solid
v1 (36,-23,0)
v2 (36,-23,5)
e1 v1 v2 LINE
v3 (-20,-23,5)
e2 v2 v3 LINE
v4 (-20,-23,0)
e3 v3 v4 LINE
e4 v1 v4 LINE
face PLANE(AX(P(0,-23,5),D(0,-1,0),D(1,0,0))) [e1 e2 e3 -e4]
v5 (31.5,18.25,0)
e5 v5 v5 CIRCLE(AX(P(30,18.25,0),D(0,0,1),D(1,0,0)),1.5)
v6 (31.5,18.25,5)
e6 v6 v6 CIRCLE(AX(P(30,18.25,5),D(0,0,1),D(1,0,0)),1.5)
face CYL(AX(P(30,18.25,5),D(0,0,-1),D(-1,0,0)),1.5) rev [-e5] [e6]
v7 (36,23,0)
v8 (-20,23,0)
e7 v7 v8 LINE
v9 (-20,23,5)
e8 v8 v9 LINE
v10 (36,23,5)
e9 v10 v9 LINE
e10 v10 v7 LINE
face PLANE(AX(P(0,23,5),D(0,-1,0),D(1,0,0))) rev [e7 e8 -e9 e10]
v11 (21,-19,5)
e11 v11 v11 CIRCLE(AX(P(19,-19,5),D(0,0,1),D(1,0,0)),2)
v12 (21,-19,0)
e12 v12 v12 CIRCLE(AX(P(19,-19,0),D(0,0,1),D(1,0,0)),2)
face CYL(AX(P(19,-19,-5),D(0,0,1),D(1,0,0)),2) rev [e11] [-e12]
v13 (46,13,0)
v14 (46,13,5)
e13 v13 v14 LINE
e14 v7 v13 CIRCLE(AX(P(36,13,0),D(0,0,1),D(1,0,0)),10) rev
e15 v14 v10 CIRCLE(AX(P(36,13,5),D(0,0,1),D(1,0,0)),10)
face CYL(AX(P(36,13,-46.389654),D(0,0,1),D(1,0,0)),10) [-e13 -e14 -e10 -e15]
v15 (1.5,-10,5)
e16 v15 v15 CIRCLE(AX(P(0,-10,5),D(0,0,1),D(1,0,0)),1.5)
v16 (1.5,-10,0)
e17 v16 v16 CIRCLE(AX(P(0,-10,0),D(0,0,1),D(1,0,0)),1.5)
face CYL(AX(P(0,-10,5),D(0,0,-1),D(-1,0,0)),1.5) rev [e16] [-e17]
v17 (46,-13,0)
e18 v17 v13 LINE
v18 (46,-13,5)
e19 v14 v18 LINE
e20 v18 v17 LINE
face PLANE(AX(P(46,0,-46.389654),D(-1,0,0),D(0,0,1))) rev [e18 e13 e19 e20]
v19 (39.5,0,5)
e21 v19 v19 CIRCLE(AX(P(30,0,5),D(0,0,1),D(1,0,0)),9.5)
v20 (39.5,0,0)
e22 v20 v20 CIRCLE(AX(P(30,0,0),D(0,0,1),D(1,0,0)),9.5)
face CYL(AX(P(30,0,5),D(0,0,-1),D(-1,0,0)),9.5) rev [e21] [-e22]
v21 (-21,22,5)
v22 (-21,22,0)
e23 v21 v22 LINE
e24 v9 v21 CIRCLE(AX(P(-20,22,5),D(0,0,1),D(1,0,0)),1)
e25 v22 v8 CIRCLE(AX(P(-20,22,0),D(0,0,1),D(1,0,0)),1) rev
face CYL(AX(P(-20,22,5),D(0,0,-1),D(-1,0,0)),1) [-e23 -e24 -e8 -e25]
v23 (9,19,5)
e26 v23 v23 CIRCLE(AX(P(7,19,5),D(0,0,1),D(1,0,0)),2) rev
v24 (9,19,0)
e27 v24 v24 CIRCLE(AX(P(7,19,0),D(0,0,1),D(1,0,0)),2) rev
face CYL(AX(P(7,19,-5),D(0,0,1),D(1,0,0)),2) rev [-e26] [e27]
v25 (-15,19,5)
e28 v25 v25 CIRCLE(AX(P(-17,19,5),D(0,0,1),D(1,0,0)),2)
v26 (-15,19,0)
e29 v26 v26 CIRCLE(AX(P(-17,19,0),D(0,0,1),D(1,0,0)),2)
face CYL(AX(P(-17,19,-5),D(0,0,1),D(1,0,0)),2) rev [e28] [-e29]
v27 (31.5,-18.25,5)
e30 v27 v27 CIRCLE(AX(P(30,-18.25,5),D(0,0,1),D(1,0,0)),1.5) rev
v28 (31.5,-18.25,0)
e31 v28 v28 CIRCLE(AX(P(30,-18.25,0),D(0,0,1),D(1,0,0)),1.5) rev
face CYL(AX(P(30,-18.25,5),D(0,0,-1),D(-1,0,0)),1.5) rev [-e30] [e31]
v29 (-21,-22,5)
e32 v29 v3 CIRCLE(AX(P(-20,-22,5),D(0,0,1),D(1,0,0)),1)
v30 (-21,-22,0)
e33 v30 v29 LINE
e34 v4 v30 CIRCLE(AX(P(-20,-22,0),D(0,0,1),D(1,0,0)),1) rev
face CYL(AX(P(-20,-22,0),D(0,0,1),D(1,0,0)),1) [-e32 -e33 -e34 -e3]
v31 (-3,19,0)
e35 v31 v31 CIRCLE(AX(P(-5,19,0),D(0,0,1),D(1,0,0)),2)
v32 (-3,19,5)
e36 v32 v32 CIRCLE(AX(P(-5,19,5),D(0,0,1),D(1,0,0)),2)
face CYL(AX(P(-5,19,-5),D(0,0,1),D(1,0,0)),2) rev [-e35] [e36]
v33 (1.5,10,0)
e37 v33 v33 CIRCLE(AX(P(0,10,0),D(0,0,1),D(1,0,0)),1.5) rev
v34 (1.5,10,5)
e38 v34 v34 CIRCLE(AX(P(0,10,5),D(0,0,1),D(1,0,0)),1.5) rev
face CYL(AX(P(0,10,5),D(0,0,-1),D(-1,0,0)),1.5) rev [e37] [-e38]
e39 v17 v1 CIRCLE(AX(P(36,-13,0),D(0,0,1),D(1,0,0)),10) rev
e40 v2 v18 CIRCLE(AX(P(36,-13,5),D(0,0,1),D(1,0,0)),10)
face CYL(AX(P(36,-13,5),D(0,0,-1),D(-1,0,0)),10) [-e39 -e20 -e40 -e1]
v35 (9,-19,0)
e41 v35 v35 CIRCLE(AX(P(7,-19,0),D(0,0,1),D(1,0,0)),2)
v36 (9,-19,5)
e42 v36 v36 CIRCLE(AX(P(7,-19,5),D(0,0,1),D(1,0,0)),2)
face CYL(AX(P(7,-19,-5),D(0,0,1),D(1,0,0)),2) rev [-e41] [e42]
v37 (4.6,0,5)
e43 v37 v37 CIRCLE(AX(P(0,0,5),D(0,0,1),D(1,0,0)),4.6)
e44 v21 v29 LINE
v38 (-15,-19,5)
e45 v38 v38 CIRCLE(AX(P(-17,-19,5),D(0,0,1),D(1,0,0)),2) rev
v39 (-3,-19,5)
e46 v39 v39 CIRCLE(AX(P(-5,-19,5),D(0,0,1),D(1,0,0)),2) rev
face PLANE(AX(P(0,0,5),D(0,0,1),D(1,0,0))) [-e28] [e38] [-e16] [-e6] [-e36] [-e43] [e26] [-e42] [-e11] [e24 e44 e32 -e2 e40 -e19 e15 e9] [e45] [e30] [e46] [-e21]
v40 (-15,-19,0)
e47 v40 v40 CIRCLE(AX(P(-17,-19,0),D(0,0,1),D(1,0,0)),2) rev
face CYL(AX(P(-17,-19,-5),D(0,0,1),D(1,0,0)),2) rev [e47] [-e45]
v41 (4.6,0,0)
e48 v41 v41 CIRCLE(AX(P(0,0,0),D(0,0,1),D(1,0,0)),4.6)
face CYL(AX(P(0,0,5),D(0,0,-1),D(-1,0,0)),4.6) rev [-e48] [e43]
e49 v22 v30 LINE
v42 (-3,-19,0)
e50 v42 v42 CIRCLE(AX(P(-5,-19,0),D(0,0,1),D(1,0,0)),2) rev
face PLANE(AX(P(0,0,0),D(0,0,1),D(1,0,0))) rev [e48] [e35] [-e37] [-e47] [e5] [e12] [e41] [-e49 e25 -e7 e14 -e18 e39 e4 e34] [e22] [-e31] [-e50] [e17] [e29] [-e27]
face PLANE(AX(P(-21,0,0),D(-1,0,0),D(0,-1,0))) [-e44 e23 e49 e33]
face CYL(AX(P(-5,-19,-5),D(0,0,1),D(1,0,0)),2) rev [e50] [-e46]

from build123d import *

# Parameters (mm, degrees)
SKETCH1_W           = 65
SKETCH1_H           = 46
SKETCH1_R           = 1.5
BOSS_EXTRUDE1_DEPTH = 5
SKETCH2_R           = 2
CUT_EXTRUDE1_DEPTH  = 10
SKETCH3_W           = 4
SKETCH3_H           = 46
CUT_EXTRUDE2_DEPTH  = 6
SKETCH4_W           = 6
SKETCH4_H           = 46
BOSS_EXTRUDE2_DEPTH = 5
FILLET1_R           = 10
FILLET2_R           = 1
SKETCH2_3_R         = 2
CUT_EXTRUDE3_DEPTH  = 10


with BuildPart() as part:
    # Sketch1 → Boss-Extrude1 (new body)
    with BuildSketch(Plane.XY):
        with Locations((7.5, 0)):
            Rectangle(SKETCH1_W, SKETCH1_H)
        with BuildLine():
            ThreePointArc((4.6, 0), (3.252691193, -3.252691193), (0, -4.6))
            ThreePointArc((0, -4.6), (-3.252691193, 3.252691193), (4.6, 0))
        make_face(mode=Mode.SUBTRACT)
        with Locations((30, -18.25)):
            Circle(SKETCH1_R, mode=Mode.SUBTRACT)
        with BuildLine():
            ThreePointArc((1.5, -10), (-1.060660172, -11.060660172), (0, -8.5))
            ThreePointArc((0, -8.5), (1.060660172, -8.939339828), (1.5, -10))
        make_face(mode=Mode.SUBTRACT)
        with BuildLine():
            ThreePointArc((39.5, 0), (23.282485579, -6.717514421), (30, 9.5))
            ThreePointArc((30, 9.5), (36.717514421, 6.717514421), (39.5, 0))
        make_face(mode=Mode.SUBTRACT)
        with Locations((0, 10)):
            Circle(SKETCH1_R, mode=Mode.SUBTRACT)
        with BuildLine():
            ThreePointArc((31.5, 18.25), (31.060660172, 17.189339828), (30, 16.75))
            ThreePointArc((30, 16.75), (28.939339828, 19.310660172), (31.5, 18.25))
        make_face(mode=Mode.SUBTRACT)
    extrude(amount=BOSS_EXTRUDE1_DEPTH)

    # Sketch2 → Cut-Extrude1 (cut)
    with BuildSketch(Plane.XY.offset(5)):
        with Locations((7, 19)):
            Circle(SKETCH2_R)
        with Locations((-5, -19)):
            Circle(SKETCH2_R)
        with Locations((-17, 19)):
            Circle(SKETCH2_R)
        with Locations((-5, 19)):
            Circle(SKETCH2_R)
        with Locations((7, -19)):
            Circle(SKETCH2_R)
        with Locations((-17, -19)):
            Circle(SKETCH2_R)
    extrude(amount=-CUT_EXTRUDE1_DEPTH, mode=Mode.SUBTRACT)

    # Sketch3 → Cut-Extrude2 (cut, through all)
    with BuildSketch(Plane.XY.offset(5)):
        with Locations((-23, 0)):
            Rectangle(SKETCH3_W, SKETCH3_H)
    extrude(amount=-CUT_EXTRUDE2_DEPTH, mode=Mode.SUBTRACT)

    # Sketch4 → Boss-Extrude2 (add)
    with BuildSketch(Plane.XY.offset(5)):
        with Locations((43, 0)):
            Rectangle(SKETCH4_W, SKETCH4_H)
    extrude(amount=-BOSS_EXTRUDE2_DEPTH)

    # Fillet1
    fillet1_edges = [part.edges().sort_by_distance(p)[0] for p in [
        (46, -23, 2.5),
        (46, 23, 2.5),
    ]]
    fillet(fillet1_edges, radius=FILLET1_R)

    # Fillet2
    fillet2_edges = [part.edges().sort_by_distance(p)[0] for p in [
        (-21, 23, 2.5),
        (-21, -23, 2.5),
    ]]
    fillet(fillet2_edges, radius=FILLET2_R)

    # Sketch2<3> → Cut-Extrude3 (cut)
    with BuildSketch(Plane.XY.offset(5)):
        with Locations((19, -19)):
            Circle(SKETCH2_3_R)
    extrude(amount=-CUT_EXTRUDE3_DEPTH, mode=Mode.SUBTRACT)


solid = part.part
